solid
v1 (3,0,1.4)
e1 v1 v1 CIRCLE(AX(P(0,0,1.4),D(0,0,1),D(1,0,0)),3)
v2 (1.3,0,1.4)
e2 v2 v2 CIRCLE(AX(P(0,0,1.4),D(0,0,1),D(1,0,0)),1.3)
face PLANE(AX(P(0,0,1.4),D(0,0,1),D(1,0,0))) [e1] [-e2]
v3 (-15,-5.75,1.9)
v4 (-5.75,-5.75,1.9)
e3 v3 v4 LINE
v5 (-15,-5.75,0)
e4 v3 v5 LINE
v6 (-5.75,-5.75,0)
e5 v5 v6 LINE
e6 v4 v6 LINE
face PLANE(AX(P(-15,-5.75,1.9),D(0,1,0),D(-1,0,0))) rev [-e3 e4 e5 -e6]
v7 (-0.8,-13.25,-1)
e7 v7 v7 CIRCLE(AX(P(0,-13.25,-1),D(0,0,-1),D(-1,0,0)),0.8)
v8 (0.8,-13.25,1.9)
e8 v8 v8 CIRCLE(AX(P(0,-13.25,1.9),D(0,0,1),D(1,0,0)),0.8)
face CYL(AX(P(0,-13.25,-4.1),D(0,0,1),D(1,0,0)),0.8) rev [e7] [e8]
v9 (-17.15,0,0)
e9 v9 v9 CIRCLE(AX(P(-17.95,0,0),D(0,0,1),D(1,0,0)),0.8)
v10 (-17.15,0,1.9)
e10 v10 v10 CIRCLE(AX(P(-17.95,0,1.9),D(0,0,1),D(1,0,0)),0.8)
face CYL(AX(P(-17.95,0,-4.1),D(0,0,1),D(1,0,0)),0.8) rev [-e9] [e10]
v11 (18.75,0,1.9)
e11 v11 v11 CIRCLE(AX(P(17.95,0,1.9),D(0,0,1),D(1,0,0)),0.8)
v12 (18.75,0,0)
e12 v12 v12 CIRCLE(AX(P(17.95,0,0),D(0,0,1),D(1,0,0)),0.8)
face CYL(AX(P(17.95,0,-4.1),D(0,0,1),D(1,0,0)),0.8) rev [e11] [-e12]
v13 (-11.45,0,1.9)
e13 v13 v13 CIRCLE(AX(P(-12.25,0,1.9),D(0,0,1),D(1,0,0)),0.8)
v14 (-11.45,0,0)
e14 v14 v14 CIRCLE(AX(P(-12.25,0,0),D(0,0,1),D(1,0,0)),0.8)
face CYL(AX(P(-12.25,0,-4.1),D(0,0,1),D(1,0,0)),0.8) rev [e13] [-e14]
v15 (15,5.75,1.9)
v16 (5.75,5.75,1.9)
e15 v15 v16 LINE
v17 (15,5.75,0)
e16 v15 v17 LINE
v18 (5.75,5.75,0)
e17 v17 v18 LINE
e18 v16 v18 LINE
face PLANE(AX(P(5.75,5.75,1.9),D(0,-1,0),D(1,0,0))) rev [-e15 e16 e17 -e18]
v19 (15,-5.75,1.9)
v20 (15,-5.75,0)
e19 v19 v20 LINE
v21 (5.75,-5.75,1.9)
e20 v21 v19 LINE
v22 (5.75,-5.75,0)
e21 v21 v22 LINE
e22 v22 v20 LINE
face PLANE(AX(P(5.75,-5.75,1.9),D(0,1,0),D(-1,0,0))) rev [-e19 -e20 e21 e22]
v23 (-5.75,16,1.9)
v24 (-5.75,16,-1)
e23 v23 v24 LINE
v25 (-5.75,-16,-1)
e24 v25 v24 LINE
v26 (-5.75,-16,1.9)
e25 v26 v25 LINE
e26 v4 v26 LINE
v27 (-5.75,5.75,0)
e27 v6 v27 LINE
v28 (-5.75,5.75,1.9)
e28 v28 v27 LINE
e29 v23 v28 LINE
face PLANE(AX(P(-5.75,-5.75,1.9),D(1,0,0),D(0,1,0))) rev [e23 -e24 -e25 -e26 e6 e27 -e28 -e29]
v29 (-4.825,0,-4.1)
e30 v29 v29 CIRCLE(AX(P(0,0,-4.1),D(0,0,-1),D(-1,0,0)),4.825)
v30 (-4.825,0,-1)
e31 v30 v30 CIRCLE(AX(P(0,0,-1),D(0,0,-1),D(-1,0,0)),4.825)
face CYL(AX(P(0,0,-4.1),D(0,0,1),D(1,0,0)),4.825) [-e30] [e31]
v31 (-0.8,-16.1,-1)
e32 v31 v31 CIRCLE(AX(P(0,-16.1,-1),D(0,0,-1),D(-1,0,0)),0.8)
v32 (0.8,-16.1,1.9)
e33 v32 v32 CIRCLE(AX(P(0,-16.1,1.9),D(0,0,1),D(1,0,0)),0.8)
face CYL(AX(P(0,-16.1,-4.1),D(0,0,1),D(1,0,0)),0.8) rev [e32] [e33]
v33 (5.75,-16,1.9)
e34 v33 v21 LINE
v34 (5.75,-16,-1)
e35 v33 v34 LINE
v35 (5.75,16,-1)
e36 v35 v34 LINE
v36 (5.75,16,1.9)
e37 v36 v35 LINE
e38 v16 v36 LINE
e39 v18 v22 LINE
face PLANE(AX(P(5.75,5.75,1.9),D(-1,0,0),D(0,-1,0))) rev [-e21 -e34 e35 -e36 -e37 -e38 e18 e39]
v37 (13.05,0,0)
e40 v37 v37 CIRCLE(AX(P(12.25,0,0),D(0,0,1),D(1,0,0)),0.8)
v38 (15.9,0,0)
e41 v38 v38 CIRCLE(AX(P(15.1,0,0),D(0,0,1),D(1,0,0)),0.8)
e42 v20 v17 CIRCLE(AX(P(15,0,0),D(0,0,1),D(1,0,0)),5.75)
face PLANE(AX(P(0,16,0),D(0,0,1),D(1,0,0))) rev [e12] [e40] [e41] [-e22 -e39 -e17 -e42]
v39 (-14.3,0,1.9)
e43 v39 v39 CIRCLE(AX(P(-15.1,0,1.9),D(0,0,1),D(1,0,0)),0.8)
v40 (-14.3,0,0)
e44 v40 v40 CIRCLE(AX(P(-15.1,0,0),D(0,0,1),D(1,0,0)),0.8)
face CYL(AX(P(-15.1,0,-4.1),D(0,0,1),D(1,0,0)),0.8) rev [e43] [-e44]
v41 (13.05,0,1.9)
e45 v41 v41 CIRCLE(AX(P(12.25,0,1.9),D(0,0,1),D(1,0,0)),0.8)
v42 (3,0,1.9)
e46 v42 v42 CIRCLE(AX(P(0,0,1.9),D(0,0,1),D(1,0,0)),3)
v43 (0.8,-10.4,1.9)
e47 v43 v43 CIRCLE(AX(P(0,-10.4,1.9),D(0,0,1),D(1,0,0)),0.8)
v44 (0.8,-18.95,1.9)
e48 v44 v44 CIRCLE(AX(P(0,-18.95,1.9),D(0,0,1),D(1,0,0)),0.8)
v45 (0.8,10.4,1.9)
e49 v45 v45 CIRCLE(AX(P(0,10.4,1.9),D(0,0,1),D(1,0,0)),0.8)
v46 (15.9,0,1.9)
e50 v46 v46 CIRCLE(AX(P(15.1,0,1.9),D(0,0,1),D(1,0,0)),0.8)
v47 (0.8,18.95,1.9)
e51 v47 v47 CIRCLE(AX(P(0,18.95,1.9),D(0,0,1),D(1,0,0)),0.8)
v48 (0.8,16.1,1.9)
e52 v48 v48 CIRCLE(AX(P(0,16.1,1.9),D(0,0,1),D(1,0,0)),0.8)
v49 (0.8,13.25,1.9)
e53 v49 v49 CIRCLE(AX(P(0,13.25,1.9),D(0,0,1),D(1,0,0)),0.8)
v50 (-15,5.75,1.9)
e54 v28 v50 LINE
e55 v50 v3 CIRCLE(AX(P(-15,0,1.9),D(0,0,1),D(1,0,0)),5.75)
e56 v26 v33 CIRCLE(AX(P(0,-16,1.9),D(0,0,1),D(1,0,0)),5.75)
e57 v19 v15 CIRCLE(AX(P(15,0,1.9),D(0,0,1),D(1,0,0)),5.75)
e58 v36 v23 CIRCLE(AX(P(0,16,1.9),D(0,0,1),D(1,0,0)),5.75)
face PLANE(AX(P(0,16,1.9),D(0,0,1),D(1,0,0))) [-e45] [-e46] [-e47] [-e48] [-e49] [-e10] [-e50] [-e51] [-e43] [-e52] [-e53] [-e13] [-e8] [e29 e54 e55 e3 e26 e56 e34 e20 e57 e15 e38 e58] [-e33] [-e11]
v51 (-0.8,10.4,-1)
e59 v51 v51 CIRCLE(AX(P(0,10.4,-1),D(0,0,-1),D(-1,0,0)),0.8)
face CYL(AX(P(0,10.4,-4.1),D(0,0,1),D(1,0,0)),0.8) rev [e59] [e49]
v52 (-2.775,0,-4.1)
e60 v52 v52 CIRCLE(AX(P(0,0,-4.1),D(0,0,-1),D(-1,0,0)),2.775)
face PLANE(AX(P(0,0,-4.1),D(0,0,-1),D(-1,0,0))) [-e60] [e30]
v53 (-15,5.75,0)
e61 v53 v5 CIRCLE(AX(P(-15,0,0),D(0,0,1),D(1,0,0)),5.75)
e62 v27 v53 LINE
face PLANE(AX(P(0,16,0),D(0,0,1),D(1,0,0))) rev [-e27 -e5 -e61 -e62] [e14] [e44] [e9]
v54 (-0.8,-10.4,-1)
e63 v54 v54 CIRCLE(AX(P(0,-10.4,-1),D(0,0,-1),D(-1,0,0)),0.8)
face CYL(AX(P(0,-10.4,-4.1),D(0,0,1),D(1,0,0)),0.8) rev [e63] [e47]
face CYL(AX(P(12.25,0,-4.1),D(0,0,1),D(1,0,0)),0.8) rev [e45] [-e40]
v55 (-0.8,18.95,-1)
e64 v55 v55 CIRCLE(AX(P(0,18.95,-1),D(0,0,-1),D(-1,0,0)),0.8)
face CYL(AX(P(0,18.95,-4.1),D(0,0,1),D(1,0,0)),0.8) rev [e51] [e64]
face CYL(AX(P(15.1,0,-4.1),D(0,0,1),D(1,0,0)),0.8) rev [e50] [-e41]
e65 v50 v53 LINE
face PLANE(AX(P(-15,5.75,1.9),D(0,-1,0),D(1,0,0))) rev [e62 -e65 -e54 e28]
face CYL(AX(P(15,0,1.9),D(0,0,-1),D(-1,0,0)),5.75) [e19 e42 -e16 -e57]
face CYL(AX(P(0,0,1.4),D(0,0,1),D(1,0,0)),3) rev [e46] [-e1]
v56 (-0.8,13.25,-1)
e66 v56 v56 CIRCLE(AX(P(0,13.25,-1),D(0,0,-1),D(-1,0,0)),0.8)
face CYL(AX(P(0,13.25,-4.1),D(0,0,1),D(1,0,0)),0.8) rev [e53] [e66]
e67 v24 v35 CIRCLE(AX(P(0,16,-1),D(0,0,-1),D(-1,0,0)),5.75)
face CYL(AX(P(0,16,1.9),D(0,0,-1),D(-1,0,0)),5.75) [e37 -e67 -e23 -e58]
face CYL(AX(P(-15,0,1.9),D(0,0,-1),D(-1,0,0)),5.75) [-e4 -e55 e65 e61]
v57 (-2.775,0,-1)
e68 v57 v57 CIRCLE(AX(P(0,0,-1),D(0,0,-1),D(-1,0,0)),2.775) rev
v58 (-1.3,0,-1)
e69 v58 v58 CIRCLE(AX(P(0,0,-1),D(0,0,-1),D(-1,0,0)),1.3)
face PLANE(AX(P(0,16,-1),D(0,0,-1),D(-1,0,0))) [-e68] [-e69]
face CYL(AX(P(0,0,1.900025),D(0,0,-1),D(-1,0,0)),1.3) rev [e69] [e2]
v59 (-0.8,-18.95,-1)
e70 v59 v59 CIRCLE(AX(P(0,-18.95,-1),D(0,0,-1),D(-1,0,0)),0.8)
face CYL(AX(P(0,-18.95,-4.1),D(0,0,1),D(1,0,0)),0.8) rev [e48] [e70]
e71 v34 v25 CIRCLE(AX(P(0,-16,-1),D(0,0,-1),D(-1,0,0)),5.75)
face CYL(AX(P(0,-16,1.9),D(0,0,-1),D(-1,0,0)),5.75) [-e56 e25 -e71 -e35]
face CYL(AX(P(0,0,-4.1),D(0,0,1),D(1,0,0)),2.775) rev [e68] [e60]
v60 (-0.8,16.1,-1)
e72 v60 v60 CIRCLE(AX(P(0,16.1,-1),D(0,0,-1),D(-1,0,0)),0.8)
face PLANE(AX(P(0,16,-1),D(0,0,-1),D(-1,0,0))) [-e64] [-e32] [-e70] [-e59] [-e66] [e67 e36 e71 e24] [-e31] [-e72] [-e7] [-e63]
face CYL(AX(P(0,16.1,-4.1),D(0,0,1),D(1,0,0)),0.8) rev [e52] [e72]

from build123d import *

# Parameters (mm, degrees)
BOSS_EXTRUDE1_DEPTH = 1.9
BOSS_EXTRUDE2_DEPTH = 1
SKETCH3_R           = 3
CUT_EXTRUDE1_DEPTH  = 0.5
SKETCH4_R           = 4.825
SKETCH4_R_2         = 2.775
BOSS_EXTRUDE3_DEPTH = 3.1
SKETCH5_R           = 1.3
CUT_EXTRUDE2_DEPTH  = 3.9
SKETCH6_R           = 0.8
CUT_EXTRUDE4_DEPTH  = 7


with BuildPart() as part:
    # Sketch1 → Boss-Extrude1 (new body)
    with BuildSketch(Plane.XY):
        with BuildLine():
            Line((-5.75, 16), (-5.75, 5.75))
            Line((-5.75, 5.75), (-15, 5.75))
            ThreePointArc((-15, 5.75), (-20.75, 0), (-15, -5.75))
            Line((-15, -5.75), (-5.75, -5.75))
            Line((-5.75, -5.75), (-5.75, -16))
            ThreePointArc((-5.75, -16), (0, -21.75), (5.75, -16))
            Line((5.75, -16), (5.75, -5.75))
            Line((5.75, -5.75), (15, -5.75))
            ThreePointArc((15, -5.75), (20.75, 0), (15, 5.75))
            Line((15, 5.75), (5.75, 5.75))
            Line((5.75, 5.75), (5.75, 16))
            ThreePointArc((5.75, 16), (0, 21.75), (-5.75, 16))
        make_face()
    extrude(amount=BOSS_EXTRUDE1_DEPTH)

    # Sketch2 → Boss-Extrude2 (add)
    with BuildSketch(Plane(origin=(0, 0, 0), x_dir=(-1, 0, 0), z_dir=(0, 0, -1))):
        with BuildLine():
            Line((-5.75, 16), (-5.75, -16))
            ThreePointArc((-5.75, -16), (0, -21.75), (5.75, -16))
            Line((5.75, -16), (5.75, -5.75))
            Line((5.75, -5.75), (5.75, 5.75))
            Line((5.75, 5.75), (5.75, 16))
            ThreePointArc((5.75, 16), (0, 21.75), (-5.75, 16))
        make_face()
    extrude(amount=BOSS_EXTRUDE2_DEPTH)

    # Sketch3 → Cut-Extrude1 (cut)
    with BuildSketch(Plane.XY.offset(1.9)):
        Circle(SKETCH3_R)
    extrude(amount=-CUT_EXTRUDE1_DEPTH, mode=Mode.SUBTRACT)

    # Sketch4 → Boss-Extrude3 (add)
    with BuildSketch(Plane(origin=(0, 0, -1), x_dir=(-1, 0, 0), z_dir=(0, 0, -1))):
        Circle(SKETCH4_R)
        Circle(SKETCH4_R_2, mode=Mode.SUBTRACT)
    extrude(amount=BOSS_EXTRUDE3_DEPTH)

    # Sketch5 → Cut-Extrude2 (cut, through all)
    with BuildSketch(Plane(origin=(0, 0, -1), x_dir=(-1, 0, 0), z_dir=(0, 0, -1))):
        Circle(SKETCH5_R)
    extrude(amount=-CUT_EXTRUDE2_DEPTH, mode=Mode.SUBTRACT)

    # Sketch6 → Cut-Extrude4 (cut, through all)
    with BuildSketch(Plane.XY.offset(1.9)):
        with Locations((-17.95, 0)):
            Circle(SKETCH6_R)
        with Locations((-15.1, 0)):
            Circle(SKETCH6_R)
        with Locations((-12.25, 0)):
            Circle(SKETCH6_R)
        with Locations((0, 18.95)):
            Circle(SKETCH6_R)
        with Locations((0, 16.1)):
            Circle(SKETCH6_R)
        with Locations((0, 13.25)):
            Circle(SKETCH6_R)
        with Locations((12.25, 0)):
            Circle(SKETCH6_R)
        with Locations((15.1, 0)):
            Circle(SKETCH6_R)
        with Locations((17.95, 0)):
            Circle(SKETCH6_R)
        with Locations((0, -10.4)):
            Circle(SKETCH6_R)
        with Locations((0, -13.25)):
            Circle(SKETCH6_R)
        with Locations((0, -16.1)):
            Circle(SKETCH6_R)
        with Locations((0, -18.95)):
            Circle(SKETCH6_R)
        with Locations((0, 10.4)):
            Circle(SKETCH6_R)
    extrude(amount=-CUT_EXTRUDE4_DEPTH, mode=Mode.SUBTRACT)


solid = part.part
